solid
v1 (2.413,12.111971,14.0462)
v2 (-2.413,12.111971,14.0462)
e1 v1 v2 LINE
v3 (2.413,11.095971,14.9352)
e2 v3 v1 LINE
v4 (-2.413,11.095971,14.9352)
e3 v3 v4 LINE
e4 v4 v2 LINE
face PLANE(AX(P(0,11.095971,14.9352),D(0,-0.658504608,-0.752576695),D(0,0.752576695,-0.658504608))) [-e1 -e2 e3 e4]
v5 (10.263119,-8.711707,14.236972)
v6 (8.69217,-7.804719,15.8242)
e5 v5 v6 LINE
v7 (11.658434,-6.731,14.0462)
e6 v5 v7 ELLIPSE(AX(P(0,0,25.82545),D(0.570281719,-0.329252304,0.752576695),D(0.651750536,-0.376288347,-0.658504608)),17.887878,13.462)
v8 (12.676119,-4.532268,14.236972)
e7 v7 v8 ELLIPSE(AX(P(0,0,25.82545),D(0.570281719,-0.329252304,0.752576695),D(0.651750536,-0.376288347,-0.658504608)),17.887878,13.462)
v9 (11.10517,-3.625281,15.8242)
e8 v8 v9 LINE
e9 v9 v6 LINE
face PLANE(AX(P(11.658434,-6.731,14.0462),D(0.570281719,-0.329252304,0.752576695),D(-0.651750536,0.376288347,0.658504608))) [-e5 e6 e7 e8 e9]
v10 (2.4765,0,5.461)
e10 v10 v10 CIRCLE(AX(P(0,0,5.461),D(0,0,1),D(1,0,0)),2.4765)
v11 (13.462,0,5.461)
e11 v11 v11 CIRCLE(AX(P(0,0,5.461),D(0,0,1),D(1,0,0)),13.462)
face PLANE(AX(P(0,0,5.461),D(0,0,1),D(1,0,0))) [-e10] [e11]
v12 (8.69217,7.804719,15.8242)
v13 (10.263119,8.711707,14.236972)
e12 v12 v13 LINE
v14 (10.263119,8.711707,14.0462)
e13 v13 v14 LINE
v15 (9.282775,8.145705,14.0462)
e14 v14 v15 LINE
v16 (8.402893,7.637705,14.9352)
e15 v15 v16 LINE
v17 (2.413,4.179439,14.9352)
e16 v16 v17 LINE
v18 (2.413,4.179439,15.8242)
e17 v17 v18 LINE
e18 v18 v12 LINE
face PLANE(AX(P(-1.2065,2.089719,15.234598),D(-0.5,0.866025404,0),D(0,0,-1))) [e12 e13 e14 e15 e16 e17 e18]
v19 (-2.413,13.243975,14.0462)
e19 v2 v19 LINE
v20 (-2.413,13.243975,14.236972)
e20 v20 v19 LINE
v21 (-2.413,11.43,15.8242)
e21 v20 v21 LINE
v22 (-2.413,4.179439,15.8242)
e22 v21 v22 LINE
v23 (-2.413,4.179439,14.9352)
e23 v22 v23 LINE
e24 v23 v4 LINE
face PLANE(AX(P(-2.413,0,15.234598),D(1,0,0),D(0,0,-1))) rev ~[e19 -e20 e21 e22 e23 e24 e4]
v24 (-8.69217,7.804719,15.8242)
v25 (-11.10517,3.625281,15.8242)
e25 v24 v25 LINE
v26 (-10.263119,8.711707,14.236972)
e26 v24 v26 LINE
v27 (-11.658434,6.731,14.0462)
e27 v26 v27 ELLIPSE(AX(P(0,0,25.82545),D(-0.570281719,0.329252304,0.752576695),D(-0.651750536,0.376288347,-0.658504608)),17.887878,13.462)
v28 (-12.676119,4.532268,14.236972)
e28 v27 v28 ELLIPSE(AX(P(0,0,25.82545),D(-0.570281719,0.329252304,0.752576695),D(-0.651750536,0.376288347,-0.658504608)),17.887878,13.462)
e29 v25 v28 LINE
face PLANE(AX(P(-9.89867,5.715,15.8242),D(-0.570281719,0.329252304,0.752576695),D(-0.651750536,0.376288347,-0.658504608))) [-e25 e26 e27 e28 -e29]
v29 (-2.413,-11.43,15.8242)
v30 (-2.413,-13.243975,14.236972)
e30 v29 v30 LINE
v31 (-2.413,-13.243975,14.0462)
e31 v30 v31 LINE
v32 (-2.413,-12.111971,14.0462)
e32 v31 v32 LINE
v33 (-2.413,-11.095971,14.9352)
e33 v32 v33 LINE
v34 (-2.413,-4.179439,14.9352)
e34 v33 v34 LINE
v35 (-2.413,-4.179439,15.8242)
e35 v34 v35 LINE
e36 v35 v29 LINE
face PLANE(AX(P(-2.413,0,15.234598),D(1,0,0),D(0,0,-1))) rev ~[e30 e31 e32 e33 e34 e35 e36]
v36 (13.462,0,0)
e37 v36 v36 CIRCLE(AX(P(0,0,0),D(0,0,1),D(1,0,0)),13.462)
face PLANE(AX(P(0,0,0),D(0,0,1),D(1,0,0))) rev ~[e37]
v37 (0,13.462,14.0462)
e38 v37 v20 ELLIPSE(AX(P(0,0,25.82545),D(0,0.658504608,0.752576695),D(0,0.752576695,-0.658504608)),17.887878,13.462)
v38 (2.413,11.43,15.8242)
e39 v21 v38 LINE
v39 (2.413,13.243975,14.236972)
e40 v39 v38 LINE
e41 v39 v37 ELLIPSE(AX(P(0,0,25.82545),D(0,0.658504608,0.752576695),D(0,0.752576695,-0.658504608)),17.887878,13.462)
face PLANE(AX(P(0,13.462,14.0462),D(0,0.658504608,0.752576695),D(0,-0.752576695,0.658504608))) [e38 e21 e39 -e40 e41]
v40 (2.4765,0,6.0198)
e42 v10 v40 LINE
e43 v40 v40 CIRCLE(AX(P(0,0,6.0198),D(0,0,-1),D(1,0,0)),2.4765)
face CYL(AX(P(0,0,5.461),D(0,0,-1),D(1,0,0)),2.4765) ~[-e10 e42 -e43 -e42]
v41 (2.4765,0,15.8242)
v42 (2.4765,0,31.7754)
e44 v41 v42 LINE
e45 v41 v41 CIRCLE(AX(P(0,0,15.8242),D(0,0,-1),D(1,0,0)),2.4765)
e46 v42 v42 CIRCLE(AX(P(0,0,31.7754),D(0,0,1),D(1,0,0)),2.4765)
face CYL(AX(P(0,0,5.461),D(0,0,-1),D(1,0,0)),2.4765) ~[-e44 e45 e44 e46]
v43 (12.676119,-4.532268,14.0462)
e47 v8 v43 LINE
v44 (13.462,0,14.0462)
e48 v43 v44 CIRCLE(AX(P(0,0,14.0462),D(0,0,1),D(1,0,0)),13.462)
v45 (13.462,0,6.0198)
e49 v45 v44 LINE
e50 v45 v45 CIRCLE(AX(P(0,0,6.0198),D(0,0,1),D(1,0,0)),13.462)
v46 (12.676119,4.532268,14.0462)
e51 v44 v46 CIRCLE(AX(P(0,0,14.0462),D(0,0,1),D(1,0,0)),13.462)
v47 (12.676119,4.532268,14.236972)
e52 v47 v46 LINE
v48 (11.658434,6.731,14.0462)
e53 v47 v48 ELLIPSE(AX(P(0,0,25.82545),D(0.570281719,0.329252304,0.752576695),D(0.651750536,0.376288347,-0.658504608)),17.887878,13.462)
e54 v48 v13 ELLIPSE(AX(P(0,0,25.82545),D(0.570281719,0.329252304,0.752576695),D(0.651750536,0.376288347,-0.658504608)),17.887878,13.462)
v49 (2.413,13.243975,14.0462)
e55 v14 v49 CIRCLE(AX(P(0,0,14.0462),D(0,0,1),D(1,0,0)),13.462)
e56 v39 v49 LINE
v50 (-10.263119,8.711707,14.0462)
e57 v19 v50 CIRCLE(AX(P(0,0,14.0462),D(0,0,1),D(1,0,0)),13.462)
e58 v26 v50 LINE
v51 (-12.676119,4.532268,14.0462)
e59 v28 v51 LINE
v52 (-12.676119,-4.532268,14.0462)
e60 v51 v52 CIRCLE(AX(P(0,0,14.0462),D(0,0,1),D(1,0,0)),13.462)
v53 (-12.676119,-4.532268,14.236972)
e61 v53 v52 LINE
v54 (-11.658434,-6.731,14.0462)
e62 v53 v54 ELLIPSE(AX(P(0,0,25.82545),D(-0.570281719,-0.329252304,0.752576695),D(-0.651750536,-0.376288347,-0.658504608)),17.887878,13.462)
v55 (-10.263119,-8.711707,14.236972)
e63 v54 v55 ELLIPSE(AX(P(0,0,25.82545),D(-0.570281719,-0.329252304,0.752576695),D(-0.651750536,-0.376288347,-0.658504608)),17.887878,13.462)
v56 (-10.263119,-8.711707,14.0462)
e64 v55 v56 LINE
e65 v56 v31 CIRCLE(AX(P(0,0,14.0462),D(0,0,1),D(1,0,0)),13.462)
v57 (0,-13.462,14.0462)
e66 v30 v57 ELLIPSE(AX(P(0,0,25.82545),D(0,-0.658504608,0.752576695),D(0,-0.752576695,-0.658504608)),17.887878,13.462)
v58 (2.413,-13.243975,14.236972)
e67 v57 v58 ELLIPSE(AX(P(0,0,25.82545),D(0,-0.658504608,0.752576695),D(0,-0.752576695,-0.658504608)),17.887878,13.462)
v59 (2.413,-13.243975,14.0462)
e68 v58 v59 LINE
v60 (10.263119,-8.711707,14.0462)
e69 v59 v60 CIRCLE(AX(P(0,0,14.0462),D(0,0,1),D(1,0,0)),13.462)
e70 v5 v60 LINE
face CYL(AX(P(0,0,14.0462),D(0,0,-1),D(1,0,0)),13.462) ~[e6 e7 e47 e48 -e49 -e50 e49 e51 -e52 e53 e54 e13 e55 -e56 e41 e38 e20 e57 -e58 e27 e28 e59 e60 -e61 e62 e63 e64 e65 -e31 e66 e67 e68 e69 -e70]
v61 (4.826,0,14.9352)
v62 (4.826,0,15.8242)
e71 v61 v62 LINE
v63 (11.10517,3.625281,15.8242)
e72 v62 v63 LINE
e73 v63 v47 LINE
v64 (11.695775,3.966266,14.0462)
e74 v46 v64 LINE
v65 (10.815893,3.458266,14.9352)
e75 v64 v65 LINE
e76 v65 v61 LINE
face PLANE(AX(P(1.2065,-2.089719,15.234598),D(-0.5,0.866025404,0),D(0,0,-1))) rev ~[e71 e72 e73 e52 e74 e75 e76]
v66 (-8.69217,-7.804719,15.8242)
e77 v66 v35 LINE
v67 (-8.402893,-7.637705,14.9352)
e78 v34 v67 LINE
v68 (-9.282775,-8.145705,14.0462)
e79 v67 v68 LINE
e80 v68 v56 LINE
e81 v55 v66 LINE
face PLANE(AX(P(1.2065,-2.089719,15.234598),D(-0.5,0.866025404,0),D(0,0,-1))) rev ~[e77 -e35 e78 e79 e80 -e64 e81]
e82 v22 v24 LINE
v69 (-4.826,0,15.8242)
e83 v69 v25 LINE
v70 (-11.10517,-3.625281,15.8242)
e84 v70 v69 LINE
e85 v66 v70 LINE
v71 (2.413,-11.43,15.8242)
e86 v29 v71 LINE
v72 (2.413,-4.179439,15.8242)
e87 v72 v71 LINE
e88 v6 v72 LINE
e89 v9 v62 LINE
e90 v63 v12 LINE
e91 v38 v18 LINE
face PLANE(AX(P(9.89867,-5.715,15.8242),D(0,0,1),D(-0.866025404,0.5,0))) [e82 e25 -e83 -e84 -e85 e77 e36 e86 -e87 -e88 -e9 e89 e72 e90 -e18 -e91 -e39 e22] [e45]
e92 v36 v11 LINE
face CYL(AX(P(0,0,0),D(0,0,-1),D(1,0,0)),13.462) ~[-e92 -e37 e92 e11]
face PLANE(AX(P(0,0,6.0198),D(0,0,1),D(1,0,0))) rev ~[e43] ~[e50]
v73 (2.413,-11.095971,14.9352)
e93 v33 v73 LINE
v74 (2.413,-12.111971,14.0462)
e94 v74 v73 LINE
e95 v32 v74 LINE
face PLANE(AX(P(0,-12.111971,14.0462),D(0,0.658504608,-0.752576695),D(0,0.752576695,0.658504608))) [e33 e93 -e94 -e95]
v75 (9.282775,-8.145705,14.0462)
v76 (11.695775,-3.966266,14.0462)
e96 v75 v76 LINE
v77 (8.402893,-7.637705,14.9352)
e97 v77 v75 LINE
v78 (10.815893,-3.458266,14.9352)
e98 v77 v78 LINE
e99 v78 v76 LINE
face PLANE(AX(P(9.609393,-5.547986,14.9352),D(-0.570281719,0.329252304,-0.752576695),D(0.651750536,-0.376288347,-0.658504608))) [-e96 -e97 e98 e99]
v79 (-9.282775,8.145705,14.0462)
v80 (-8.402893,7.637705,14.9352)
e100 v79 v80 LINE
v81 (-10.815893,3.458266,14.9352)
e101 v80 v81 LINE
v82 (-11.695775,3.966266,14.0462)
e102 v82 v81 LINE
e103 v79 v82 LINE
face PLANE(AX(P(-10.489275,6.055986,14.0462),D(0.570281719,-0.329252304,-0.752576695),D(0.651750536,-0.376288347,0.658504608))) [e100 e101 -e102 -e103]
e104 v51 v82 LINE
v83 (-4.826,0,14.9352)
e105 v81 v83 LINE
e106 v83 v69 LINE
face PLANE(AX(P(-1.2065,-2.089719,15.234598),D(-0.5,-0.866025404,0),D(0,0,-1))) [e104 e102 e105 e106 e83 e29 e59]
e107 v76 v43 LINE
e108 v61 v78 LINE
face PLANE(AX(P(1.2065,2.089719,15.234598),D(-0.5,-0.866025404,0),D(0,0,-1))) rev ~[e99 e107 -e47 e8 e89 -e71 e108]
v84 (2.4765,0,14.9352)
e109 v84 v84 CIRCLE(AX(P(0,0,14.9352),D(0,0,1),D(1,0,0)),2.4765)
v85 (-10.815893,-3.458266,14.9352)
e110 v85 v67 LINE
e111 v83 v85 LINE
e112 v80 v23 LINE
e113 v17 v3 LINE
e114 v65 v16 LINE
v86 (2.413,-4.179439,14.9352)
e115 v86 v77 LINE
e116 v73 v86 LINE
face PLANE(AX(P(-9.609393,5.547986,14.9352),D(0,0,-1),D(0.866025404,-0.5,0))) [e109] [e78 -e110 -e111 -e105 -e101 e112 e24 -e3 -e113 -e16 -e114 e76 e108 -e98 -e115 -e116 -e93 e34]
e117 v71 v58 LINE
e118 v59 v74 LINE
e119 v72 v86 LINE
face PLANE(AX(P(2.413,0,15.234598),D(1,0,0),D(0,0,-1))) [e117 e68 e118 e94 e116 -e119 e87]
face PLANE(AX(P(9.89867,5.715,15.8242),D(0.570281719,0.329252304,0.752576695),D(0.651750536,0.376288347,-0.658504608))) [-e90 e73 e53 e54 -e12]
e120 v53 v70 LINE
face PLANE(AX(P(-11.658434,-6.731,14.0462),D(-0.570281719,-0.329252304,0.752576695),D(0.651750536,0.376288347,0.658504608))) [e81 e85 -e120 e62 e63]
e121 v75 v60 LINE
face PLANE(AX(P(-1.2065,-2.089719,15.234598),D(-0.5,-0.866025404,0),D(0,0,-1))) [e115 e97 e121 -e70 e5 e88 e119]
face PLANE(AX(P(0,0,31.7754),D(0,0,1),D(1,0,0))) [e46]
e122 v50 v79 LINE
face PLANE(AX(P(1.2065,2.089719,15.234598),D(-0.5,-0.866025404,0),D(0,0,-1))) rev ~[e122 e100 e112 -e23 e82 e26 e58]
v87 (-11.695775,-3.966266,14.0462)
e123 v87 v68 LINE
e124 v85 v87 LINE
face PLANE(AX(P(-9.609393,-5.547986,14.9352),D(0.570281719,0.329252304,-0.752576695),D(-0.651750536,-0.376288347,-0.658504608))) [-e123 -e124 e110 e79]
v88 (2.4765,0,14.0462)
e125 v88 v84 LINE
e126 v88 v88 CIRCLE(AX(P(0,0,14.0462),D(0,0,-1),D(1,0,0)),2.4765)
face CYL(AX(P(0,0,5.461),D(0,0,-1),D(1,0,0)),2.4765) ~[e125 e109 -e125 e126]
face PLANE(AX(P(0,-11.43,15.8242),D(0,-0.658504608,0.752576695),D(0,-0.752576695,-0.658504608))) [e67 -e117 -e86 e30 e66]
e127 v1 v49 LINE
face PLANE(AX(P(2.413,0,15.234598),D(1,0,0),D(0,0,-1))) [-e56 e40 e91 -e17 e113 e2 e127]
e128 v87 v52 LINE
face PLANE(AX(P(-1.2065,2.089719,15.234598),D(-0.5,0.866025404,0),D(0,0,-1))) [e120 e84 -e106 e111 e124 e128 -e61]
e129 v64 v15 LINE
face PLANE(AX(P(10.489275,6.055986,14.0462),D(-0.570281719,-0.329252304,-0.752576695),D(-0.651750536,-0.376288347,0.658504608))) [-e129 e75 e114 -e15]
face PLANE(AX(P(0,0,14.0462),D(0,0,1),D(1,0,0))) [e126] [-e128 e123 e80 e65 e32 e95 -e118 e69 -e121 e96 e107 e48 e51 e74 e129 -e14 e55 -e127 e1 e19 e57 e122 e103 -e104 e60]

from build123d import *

# Parameters (mm, degrees)
SKETCH1_R           = 13.462
BOSS_EXTRUDE1_DEPTH = 5.461
SKETCH2_R           = 2.4765
BOSS_EXTRUDE2_DEPTH = 26.3144
SKETCH3_R           = 13.462
BOSS_EXTRUDE3_DEPTH = 8.0264
BOSS_EXTRUDE4_DEPTH = 2.413
CIRPATTERN1_COUNT   = 3
SKETCH5_R           = 15.79013095
SKETCH5_R_2         = 13.462
CUT_EXTRUDE1_DEPTH  = 0.190772


with BuildPart() as part:
    # Sketch1 → Boss-Extrude1 (new body)
    with BuildSketch(Plane.XY):
        Circle(SKETCH1_R)
    extrude(amount=BOSS_EXTRUDE1_DEPTH)

    # Sketch2 → Boss-Extrude2 (add)
    with BuildSketch(Plane.XY.offset(5.461)):
        Circle(SKETCH2_R)
    extrude(amount=BOSS_EXTRUDE2_DEPTH)

    # Sketch3 → Boss-Extrude3 (add)
    with BuildSketch(Plane.XY.offset(6.0198)):
        Circle(SKETCH3_R)
    extrude(amount=BOSS_EXTRUDE3_DEPTH)

    # Sketch4 → Boss-Extrude4 (add, symmetric)
    with BuildSketch(Plane(origin=(0, 0, 0), x_dir=(0, 0, -1), z_dir=(1, 0, 0))):
        Polygon((-14.0462, 13.462), (-15.8242, 11.43), (-15.8242, -11.43), (-14.0462, -13.462), (-14.0462, -12.111971482), (-14.9352, -11.095971482), (-14.9352, 11.095971482), (-14.0462, 12.111971482), align=None)
    boss_extrude4 = extrude(amount=BOSS_EXTRUDE4_DEPTH, both=True)

    # CirPattern1: Boss-Extrude4 ×3 about axis
    cirpattern1_axis = Axis((0, 0, 0), (0, 0, 1))
    for i in range(1, CIRPATTERN1_COUNT):
        add(boss_extrude4.rotate(cirpattern1_axis, i * 360 / CIRPATTERN1_COUNT))

    # Sketch5 → Cut-Extrude1 (cut)
    with BuildSketch(Plane.XY.offset(14.0462)):
        Circle(SKETCH5_R)
        Circle(SKETCH5_R_2, mode=Mode.SUBTRACT)
    extrude(amount=CUT_EXTRUDE1_DEPTH, mode=Mode.SUBTRACT)


solid = part.part
